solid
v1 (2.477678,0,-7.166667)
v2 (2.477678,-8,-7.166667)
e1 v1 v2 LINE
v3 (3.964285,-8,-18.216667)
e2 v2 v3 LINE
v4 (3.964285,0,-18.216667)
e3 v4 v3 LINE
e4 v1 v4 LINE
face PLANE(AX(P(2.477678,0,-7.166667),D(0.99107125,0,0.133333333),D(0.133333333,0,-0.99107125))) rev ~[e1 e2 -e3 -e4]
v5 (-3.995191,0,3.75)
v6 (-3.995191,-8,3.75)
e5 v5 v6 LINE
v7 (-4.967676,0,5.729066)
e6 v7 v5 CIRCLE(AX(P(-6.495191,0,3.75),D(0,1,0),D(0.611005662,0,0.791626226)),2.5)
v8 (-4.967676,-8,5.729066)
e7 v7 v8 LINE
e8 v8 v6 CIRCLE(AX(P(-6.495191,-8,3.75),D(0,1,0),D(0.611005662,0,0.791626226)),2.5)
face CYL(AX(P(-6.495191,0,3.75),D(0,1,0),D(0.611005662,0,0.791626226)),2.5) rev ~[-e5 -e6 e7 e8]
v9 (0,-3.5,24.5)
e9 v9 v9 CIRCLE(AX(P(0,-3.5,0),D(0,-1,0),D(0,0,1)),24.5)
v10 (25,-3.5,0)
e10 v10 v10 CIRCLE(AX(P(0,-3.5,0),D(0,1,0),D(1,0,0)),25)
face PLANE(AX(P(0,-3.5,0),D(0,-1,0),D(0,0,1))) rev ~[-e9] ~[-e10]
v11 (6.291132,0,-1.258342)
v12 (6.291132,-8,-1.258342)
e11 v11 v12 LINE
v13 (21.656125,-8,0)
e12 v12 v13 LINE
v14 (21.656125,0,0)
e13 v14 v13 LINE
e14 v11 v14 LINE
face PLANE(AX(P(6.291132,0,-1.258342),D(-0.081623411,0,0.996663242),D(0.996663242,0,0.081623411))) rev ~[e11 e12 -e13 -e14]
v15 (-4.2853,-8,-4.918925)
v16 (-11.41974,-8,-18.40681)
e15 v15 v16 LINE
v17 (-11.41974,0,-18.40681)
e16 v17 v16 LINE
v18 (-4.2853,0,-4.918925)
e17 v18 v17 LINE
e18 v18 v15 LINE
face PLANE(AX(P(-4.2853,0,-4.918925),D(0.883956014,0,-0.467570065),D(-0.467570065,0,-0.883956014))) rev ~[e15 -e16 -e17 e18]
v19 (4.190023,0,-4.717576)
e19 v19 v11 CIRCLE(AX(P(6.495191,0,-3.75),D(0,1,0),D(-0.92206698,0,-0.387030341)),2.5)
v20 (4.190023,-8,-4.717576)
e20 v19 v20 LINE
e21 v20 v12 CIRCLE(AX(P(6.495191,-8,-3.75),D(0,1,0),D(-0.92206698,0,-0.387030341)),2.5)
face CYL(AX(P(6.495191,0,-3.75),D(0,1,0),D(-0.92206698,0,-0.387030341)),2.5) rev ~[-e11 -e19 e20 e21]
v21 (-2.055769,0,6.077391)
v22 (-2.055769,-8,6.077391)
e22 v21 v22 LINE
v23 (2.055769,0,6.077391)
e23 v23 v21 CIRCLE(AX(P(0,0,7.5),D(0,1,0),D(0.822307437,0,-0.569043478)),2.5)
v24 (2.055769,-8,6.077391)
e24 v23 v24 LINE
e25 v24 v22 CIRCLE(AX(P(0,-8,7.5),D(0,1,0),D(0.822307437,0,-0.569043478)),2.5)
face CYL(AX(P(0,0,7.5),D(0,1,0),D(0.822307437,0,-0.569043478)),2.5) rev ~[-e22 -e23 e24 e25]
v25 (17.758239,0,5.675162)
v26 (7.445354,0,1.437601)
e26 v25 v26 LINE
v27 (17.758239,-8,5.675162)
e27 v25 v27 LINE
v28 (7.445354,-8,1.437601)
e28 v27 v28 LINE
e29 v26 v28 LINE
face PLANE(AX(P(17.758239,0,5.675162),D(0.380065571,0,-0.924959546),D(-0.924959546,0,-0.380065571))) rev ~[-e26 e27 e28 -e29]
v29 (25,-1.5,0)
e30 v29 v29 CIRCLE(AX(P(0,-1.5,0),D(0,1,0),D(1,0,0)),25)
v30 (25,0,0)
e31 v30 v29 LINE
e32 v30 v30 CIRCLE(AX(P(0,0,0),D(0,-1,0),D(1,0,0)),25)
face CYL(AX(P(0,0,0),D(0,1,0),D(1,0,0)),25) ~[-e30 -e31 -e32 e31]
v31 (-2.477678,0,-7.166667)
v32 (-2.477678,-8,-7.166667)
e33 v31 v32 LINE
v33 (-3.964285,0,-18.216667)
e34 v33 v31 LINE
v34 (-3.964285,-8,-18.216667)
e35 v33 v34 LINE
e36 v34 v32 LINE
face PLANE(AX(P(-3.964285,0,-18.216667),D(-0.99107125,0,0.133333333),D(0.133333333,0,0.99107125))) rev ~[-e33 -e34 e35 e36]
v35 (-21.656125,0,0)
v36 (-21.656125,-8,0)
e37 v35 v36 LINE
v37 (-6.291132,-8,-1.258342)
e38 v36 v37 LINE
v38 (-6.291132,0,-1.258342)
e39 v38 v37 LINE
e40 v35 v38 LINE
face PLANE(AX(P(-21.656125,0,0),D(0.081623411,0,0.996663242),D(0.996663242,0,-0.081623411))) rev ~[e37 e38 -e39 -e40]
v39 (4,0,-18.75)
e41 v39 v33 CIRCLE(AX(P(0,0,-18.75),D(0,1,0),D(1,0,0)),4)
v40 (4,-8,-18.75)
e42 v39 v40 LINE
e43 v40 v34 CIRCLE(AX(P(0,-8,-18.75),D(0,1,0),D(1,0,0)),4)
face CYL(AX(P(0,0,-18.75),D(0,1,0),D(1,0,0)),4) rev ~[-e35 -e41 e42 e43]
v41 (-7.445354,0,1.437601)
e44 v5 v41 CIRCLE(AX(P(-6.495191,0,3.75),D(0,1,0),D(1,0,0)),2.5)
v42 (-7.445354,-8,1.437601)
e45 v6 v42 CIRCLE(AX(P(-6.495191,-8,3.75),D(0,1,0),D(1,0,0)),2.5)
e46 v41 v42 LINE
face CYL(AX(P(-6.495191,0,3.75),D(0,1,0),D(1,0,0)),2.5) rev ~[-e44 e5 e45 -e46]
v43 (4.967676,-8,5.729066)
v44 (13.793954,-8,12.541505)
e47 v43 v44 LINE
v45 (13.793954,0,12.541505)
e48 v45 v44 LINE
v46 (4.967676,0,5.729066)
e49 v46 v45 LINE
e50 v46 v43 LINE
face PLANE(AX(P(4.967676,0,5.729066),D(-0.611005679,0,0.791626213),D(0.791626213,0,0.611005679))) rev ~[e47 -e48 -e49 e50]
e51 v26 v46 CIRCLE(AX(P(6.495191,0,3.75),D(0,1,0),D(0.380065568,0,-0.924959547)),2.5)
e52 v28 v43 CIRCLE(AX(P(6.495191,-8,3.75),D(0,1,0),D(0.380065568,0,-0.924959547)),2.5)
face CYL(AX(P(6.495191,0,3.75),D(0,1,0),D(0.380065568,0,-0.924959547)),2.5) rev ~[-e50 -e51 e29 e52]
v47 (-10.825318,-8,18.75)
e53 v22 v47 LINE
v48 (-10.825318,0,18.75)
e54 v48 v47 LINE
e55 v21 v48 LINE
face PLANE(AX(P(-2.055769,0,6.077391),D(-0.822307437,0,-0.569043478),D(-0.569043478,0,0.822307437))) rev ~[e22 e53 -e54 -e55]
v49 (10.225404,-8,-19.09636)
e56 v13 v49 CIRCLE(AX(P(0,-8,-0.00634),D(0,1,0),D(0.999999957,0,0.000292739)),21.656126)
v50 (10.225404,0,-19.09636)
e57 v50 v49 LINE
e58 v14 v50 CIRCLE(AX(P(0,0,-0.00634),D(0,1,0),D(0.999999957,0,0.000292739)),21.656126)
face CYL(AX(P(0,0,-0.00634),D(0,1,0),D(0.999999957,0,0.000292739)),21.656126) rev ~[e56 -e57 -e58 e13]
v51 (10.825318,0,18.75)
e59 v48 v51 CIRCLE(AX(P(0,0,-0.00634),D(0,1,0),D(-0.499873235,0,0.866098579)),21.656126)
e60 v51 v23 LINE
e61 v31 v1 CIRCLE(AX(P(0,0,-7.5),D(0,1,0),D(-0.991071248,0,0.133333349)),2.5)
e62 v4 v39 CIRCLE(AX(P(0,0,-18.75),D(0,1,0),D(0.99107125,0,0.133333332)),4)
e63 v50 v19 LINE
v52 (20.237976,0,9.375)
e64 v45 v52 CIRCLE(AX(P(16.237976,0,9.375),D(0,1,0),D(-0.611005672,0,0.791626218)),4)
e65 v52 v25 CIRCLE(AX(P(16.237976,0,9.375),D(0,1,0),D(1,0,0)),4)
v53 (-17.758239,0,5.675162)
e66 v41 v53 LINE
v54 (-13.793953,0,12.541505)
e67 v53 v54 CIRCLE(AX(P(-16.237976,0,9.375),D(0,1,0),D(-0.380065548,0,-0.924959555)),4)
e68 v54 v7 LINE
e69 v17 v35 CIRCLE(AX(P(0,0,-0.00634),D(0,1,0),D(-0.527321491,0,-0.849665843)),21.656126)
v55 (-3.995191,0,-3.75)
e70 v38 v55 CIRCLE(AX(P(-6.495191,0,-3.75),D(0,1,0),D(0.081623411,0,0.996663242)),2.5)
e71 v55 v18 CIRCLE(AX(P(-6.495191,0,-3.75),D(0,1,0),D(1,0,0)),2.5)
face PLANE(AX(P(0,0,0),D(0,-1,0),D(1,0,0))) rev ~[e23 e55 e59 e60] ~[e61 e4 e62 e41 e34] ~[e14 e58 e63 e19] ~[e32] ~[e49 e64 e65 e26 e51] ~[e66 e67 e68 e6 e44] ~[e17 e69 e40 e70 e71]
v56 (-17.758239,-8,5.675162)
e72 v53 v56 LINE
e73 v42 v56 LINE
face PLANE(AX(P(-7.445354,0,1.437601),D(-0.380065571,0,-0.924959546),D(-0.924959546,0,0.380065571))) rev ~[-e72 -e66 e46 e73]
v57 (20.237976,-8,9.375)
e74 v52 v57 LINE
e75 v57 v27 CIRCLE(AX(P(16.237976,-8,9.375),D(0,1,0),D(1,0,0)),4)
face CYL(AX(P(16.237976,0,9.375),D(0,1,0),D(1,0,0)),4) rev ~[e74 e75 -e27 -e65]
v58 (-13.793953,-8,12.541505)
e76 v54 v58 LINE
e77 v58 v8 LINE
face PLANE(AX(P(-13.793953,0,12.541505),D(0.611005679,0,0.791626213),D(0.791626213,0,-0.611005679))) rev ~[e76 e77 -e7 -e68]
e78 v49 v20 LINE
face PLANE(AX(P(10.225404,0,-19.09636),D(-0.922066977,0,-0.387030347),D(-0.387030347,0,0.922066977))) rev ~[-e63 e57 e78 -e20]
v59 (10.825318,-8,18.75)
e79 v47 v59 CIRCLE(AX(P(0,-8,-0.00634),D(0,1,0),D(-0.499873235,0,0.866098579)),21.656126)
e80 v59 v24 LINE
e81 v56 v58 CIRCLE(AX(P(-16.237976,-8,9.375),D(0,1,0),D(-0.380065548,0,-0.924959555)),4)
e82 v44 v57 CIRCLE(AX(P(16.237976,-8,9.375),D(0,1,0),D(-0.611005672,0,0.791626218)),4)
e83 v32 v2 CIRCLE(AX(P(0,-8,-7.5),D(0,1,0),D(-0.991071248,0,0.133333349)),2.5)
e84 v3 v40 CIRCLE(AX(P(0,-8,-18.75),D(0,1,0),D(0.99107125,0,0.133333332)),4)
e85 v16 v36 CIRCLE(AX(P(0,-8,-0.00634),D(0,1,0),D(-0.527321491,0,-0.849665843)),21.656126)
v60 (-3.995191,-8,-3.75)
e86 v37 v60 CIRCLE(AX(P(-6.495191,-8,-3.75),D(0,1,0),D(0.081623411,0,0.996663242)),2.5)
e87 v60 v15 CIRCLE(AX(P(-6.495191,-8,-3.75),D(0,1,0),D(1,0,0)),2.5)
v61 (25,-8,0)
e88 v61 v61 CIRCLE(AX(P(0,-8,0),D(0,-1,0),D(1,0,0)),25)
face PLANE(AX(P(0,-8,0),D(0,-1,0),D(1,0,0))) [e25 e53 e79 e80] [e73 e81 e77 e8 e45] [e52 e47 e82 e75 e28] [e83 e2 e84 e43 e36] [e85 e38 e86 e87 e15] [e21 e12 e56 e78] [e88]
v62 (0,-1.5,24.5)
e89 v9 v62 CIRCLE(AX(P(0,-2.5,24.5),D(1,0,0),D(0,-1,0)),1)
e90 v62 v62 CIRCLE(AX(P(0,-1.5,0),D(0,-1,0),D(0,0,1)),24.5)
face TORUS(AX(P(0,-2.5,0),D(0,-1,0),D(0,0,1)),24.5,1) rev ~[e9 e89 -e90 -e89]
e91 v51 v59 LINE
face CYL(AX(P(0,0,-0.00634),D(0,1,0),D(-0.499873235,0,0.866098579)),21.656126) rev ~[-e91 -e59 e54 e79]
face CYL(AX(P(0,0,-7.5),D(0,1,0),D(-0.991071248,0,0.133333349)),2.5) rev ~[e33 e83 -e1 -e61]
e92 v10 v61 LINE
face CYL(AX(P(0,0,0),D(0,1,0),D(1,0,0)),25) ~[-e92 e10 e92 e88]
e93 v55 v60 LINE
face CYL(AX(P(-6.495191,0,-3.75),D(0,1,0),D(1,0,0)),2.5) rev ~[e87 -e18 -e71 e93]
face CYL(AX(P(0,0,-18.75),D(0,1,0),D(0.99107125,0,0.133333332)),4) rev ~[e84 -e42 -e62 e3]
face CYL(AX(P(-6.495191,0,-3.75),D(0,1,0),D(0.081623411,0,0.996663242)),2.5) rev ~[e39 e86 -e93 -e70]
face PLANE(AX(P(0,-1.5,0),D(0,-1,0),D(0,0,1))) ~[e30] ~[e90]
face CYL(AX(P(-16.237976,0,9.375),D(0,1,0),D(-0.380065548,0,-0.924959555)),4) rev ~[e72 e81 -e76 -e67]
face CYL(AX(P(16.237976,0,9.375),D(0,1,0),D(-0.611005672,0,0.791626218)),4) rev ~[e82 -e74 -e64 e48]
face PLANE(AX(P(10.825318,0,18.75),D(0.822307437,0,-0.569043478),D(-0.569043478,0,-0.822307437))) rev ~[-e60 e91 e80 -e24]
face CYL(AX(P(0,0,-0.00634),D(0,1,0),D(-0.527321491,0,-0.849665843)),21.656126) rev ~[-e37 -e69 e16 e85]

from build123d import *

# Parameters (mm, degrees)
F0_R     = 25
F1_DEPTH = 8


with BuildPart() as f1:
    # F0 (on Front) → F1 (new body)
    with BuildSketch(Plane.XZ):
        Circle(F0_R)
        with BuildLine():
            ThreePointArc((-6.2911320005, -1.258341894), (-4.6566930006, -2.055914158), (-3.9951905284, -3.75))
            ThreePointArc((-3.9951905284, -3.75), (-4.0688017418, -4.3521938694), (-4.2853004935, -4.9189251617))
            Line((-4.2853004935, -4.9189251617), (-11.4197404295, -18.406809789))
            ThreePointArc((-11.4197404295, -18.406809789), (-18.9263275437, -10.5316377181), (-21.656124647, 0))
            Line((-21.656124647, 0), (-6.2911320005, -1.258341894))
        make_face(mode=Mode.SUBTRACT)
        with BuildLine():
            ThreePointArc((-2.4776781192, -7.1666666268), (4.12e-08, -5), (2.4776781302, -7.1666667085))
            Line((2.4776781302, -7.1666667085), (3.9642850004, -18.2166666752))
            ThreePointArc((3.9642850004, -18.2166666752), (3.9910612625, -18.4827360871), (4, -18.75))
            ThreePointArc((4, -18.75), (-0.2672639673, -22.7410612588), (-3.9642849859, -18.2166665671))
            Line((-3.9642849859, -18.2166665671), (-2.4776781192, -7.1666666268))
        make_face(mode=Mode.SUBTRACT)
        with BuildLine():
            ThreePointArc((4.1900230789, -4.7175758524), (4.358457363, -2.4521666594), (6.2911320238, -1.2583418921))
            Line((6.2911320238, -1.2583418921), (21.656124647, 0))
            ThreePointArc((21.656124647, 0), (18.5815961436, -11.1289319018), (10.2254044168, -19.0963600074))
            Line((10.2254044168, -19.0963600074), (4.1900230789, -4.7175758524))
        make_face(mode=Mode.SUBTRACT)
        with BuildLine():
            ThreePointArc((-4.9676763745, 5.7290655648), (-4.2514452906, 4.8525458302), (-3.9951905284, 3.75))
            ThreePointArc((-3.9951905284, 3.75), (-5.1033230416, 1.6732947009), (-7.4453544478, 1.4376011317))
            Line((-7.4453544478, 1.4376011317), (-17.7582385142, 5.6751617787))
            ThreePointArc((-17.7582385142, 5.6751617787), (-19.7020779246, 11.3750000199), (-13.7939534917, 12.5415047624))
            Line((-13.7939534917, 12.5415047624), (-4.9676763745, 5.7290655648))
        make_face(mode=Mode.SUBTRACT)
        with BuildLine():
            ThreePointArc((7.4453544478, 1.4376011317), (4.3301270056, 2.500000023), (4.9676763665, 5.7290655586))
            Line((4.9676763665, 5.7290655586), (13.7939536323, 12.5415048709))
            ThreePointArc((13.7939536323, 12.5415048709), (18.0020496252, 12.9649923924), (20.237976321, 9.375))
            ThreePointArc((20.237976321, 9.375), (19.5607048413, 7.1480120835), (17.7582387309, 5.6751618677))
            Line((17.7582387309, 5.6751618677), (7.4453544478, 1.4376011317))
        make_face(mode=Mode.SUBTRACT)
        with BuildLine():
            ThreePointArc((2.0557685918, 6.0773913058), (0, 5), (-2.0557685918, 6.0773913058))
            Line((-2.0557685918, 6.0773913058), (-10.8253175473, 18.75))
            ThreePointArc((-10.8253175473, 18.75), (0, 21.6497859822), (10.8253175473, 18.75))
            Line((10.8253175473, 18.75), (2.0557685918, 6.0773913058))
        make_face(mode=Mode.SUBTRACT)
    extrude(amount=F1_DEPTH)

    # F3 (on Right) → F5 (revolve, cut)
    with BuildSketch(Plane.YZ):
        with BuildLine():
            Line((-3.5, 25), (-3.5, 24.5))
            ThreePointArc((-3.5, 24.5), (-3.4659258263, 24.7588190451), (-3.3660254038, 25))
            Line((-3.3660254038, 25), (-3.5, 25))
        make_face()
        with BuildLine():
            ThreePointArc((-3.3660254038, 25), (-3.4659258263, 24.7588190451), (-3.5, 24.5))
            ThreePointArc((-3.5, 24.5), (-2.5, 23.5), (-1.5, 24.5))
            ThreePointArc((-1.5, 24.5), (-1.5340741737, 24.7588190451), (-1.6339745962, 25))
            Line((-1.6339745962, 25), (-3.3660254038, 25))
        make_face()
        with BuildLine():
            ThreePointArc((-1.6339745962, 25), (-2.5, 25.5), (-3.3660254038, 25))
            Line((-3.3660254038, 25), (-1.6339745962, 25))
        make_face()
        with BuildLine():
            ThreePointArc((-1.6339745962, 25), (-1.5340741737, 24.7588190451), (-1.5, 24.5))
            Line((-1.5, 24.5), (-1.5, 25))
            Line((-1.5, 25), (-1.6339745962, 25))
        make_face()
    revolve(axis=Axis((0, -2.5, 0), (0, -1, 0)), mode=Mode.SUBTRACT)


solid = f1.part
